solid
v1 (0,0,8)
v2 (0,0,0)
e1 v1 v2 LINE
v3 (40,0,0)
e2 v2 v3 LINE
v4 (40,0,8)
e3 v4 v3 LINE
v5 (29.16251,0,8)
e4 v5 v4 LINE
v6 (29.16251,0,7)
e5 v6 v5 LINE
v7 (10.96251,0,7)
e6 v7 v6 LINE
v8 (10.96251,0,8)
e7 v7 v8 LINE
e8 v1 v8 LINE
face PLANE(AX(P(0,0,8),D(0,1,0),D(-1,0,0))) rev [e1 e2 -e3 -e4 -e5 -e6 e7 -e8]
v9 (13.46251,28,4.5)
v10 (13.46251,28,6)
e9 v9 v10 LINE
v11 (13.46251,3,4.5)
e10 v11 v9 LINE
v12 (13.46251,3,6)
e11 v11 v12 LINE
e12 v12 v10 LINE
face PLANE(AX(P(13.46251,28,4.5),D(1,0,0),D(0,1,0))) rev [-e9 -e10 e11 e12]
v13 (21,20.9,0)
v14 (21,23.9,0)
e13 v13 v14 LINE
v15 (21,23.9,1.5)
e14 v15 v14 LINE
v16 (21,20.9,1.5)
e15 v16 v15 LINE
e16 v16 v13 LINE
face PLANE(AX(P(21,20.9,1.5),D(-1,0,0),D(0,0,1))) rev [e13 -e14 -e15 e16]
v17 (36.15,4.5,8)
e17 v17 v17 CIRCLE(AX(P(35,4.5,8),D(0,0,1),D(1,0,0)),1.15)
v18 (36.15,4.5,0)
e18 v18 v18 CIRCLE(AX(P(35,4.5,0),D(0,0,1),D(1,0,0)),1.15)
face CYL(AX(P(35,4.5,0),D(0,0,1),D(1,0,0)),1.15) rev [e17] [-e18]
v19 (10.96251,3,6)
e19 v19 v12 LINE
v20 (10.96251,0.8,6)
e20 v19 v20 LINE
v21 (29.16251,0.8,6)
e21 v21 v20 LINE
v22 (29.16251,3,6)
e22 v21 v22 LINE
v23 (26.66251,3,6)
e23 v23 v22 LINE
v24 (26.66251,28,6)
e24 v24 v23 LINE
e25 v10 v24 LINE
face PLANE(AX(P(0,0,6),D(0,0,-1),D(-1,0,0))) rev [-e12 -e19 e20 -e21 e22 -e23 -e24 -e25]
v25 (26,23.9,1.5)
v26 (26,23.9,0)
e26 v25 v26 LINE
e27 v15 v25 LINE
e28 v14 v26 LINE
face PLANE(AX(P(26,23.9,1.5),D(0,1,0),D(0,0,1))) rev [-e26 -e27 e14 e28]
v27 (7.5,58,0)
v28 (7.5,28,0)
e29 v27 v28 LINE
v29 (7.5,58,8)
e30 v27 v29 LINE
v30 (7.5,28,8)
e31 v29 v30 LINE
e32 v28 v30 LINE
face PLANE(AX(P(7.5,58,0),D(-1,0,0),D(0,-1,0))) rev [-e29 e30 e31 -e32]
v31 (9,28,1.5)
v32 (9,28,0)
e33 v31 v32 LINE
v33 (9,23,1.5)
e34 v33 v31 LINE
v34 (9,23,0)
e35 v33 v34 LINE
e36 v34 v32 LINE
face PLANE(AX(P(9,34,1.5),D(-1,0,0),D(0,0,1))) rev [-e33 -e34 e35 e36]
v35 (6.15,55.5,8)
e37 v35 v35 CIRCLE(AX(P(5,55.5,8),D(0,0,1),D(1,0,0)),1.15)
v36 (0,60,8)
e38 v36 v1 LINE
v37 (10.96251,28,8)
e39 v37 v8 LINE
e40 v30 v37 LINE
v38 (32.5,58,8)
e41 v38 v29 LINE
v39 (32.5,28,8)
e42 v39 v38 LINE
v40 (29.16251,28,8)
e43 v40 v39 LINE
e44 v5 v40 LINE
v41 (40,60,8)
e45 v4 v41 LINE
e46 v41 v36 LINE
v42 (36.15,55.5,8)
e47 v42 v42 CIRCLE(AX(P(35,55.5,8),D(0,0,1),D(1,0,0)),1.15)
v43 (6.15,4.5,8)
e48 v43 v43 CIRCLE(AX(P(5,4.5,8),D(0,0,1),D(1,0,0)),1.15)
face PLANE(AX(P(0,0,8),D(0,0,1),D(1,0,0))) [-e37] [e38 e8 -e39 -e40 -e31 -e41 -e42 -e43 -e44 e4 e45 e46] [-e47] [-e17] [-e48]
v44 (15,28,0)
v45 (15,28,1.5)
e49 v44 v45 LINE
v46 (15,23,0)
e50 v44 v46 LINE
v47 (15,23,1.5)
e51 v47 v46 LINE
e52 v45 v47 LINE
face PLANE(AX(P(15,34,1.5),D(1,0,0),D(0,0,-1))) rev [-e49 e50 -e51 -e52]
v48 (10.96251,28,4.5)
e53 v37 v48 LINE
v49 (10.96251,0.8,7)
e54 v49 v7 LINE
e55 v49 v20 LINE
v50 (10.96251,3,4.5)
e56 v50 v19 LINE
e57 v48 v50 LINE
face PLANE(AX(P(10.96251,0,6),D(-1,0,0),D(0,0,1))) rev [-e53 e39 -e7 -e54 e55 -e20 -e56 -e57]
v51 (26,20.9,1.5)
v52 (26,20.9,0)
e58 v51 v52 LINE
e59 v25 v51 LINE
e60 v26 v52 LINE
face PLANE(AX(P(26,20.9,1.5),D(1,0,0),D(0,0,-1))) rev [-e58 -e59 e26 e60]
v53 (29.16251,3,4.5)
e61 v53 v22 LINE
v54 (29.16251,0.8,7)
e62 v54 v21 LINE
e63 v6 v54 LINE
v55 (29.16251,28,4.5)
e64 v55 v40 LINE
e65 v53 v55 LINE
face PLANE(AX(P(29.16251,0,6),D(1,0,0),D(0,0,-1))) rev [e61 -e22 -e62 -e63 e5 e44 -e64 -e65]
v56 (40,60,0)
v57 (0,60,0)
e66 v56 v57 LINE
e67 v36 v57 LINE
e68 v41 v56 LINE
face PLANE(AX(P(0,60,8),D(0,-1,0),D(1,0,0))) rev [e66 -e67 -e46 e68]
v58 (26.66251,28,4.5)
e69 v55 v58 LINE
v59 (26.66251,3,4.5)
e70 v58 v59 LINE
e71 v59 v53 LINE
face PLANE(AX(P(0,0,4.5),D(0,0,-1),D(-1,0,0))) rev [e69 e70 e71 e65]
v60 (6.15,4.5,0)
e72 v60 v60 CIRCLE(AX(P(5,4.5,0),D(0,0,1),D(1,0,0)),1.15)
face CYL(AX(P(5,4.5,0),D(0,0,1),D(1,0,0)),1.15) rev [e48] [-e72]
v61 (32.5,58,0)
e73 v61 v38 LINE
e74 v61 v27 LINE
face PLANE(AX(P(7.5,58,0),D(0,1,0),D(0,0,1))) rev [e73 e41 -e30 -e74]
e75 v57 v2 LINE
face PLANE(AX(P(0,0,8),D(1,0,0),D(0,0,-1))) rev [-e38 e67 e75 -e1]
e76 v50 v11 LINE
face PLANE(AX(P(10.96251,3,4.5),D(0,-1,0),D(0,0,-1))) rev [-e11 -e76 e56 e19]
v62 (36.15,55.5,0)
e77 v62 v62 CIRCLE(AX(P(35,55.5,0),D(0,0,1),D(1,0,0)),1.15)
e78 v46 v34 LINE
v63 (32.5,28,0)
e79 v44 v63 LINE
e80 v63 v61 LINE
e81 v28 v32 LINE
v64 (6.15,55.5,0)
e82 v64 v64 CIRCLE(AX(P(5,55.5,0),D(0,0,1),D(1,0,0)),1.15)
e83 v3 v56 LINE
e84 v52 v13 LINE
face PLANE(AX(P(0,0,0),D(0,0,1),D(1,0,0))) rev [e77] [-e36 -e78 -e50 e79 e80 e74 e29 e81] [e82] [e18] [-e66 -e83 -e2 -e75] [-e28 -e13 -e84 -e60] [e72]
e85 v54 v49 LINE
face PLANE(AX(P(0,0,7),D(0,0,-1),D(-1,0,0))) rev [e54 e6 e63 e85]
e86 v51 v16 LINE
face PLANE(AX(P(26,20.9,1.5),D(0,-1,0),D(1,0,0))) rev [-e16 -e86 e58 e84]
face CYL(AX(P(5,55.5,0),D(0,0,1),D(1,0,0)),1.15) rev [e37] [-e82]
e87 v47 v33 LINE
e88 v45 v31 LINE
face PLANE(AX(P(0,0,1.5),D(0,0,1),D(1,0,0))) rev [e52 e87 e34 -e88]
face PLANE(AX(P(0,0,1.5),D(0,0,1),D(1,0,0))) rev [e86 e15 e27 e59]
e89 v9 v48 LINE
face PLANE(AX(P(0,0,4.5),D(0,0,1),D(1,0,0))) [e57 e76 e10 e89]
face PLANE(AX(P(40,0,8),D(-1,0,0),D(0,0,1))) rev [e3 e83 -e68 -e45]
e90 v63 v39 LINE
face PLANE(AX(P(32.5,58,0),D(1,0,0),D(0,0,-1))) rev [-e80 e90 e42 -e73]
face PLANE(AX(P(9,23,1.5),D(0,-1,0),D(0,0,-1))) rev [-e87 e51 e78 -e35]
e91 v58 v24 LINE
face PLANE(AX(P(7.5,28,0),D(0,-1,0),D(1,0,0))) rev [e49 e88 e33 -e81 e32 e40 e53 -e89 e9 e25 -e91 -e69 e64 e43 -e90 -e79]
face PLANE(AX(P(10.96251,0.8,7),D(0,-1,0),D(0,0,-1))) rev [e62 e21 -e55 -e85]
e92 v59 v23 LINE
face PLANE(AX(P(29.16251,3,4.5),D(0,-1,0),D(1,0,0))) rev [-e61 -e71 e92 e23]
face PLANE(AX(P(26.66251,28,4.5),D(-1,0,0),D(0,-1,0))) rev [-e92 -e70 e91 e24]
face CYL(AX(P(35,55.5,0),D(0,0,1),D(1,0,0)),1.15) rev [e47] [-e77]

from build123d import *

# Parameters (mm, degrees)
SKETCH1_W           = 60
SKETCH1_H           = 40
BOSS_EXTRUDE1_DEPTH = 8
SKETCH3_R           = 1.15
CUT_EXTRUDE2_DEPTH  = 73.553428589
SKETCH7_W           = 25
SKETCH7_H           = 30
CUT_EXTRUDE6_DEPTH  = 73.553428589
SKETCH8_W           = 18.2
SKETCH8_H           = 45
CUT_EXTRUDE7_DEPTH  = 2
SKETCH9_W           = 2.5
SKETCH9_H           = 25
CUT_EXTRUDE8_DEPTH  = 1.5
SKETCH10_W          = 18.2
SKETCH10_H          = 0.8
BOSS_EXTRUDE2_DEPTH = 1
SKETCH11_W          = 5
SKETCH11_H          = 3
SKETCH11_W_2        = 6
SKETCH11_H_2        = 11
CUT_EXTRUDE9_DEPTH  = 1.5


with BuildPart() as part:
    # Sketch1 → Boss-Extrude1 (new body)
    with BuildSketch(Plane(origin=(0, 0, 0), x_dir=(0, 1, 0), z_dir=(0, 0, 1))):
        with Locations((30, -20)):
            Rectangle(SKETCH1_W, SKETCH1_H)
    extrude(amount=BOSS_EXTRUDE1_DEPTH)

    # Sketch3 → Cut-Extrude2 (cut, through all)
    with BuildSketch(Plane.XY.offset(8)):
        with Locations((5, 4.5)):
            Circle(SKETCH3_R)
        with Locations((35, 4.5)):
            Circle(SKETCH3_R)
        with Locations((5, 55.5)):
            Circle(SKETCH3_R)
        with Locations((35, 55.5)):
            Circle(SKETCH3_R)
    extrude(amount=-CUT_EXTRUDE2_DEPTH, mode=Mode.SUBTRACT)

    # Sketch7 → Cut-Extrude6 (cut, through all)
    with BuildSketch(Plane.XY.offset(8)):
        with Locations((20, 43)):
            Rectangle(SKETCH7_W, SKETCH7_H)
    extrude(amount=-CUT_EXTRUDE6_DEPTH, mode=Mode.SUBTRACT)

    # Sketch8 → Cut-Extrude7 (cut)
    with BuildSketch(Plane.XY.offset(8)):
        with Locations((20.062509857, 22.5)):
            Rectangle(SKETCH8_W, SKETCH8_H)
    extrude(amount=-CUT_EXTRUDE7_DEPTH, mode=Mode.SUBTRACT)

    # Sketch9 → Cut-Extrude8 (cut)
    with BuildSketch(Plane.XY.offset(6)):
        with Locations((12.212509857, 15.5)):
            Rectangle(SKETCH9_W, SKETCH9_H)
        with Locations((27.912509857, 15.5)):
            Rectangle(SKETCH9_W, SKETCH9_H)
    extrude(amount=-CUT_EXTRUDE8_DEPTH, mode=Mode.SUBTRACT)

    # Sketch10 → Boss-Extrude2 (add)
    with BuildSketch(Plane.XY.offset(6)):
        with Locations((20.062509857, 0.4)):
            Rectangle(SKETCH10_W, SKETCH10_H)
    extrude(amount=BOSS_EXTRUDE2_DEPTH)

    # Sketch11 → Cut-Extrude9 (cut)
    with BuildSketch(Plane(origin=(0, 0, 0), x_dir=(1, 0, 0), z_dir=(0, 0, -1))):
        with Locations((23.5, -22.4)):
            Rectangle(SKETCH11_W, SKETCH11_H)
        with Locations((12, -28.5)):
            Rectangle(SKETCH11_W_2, SKETCH11_H_2)
    extrude(amount=-CUT_EXTRUDE9_DEPTH, mode=Mode.SUBTRACT)


solid = part.part
